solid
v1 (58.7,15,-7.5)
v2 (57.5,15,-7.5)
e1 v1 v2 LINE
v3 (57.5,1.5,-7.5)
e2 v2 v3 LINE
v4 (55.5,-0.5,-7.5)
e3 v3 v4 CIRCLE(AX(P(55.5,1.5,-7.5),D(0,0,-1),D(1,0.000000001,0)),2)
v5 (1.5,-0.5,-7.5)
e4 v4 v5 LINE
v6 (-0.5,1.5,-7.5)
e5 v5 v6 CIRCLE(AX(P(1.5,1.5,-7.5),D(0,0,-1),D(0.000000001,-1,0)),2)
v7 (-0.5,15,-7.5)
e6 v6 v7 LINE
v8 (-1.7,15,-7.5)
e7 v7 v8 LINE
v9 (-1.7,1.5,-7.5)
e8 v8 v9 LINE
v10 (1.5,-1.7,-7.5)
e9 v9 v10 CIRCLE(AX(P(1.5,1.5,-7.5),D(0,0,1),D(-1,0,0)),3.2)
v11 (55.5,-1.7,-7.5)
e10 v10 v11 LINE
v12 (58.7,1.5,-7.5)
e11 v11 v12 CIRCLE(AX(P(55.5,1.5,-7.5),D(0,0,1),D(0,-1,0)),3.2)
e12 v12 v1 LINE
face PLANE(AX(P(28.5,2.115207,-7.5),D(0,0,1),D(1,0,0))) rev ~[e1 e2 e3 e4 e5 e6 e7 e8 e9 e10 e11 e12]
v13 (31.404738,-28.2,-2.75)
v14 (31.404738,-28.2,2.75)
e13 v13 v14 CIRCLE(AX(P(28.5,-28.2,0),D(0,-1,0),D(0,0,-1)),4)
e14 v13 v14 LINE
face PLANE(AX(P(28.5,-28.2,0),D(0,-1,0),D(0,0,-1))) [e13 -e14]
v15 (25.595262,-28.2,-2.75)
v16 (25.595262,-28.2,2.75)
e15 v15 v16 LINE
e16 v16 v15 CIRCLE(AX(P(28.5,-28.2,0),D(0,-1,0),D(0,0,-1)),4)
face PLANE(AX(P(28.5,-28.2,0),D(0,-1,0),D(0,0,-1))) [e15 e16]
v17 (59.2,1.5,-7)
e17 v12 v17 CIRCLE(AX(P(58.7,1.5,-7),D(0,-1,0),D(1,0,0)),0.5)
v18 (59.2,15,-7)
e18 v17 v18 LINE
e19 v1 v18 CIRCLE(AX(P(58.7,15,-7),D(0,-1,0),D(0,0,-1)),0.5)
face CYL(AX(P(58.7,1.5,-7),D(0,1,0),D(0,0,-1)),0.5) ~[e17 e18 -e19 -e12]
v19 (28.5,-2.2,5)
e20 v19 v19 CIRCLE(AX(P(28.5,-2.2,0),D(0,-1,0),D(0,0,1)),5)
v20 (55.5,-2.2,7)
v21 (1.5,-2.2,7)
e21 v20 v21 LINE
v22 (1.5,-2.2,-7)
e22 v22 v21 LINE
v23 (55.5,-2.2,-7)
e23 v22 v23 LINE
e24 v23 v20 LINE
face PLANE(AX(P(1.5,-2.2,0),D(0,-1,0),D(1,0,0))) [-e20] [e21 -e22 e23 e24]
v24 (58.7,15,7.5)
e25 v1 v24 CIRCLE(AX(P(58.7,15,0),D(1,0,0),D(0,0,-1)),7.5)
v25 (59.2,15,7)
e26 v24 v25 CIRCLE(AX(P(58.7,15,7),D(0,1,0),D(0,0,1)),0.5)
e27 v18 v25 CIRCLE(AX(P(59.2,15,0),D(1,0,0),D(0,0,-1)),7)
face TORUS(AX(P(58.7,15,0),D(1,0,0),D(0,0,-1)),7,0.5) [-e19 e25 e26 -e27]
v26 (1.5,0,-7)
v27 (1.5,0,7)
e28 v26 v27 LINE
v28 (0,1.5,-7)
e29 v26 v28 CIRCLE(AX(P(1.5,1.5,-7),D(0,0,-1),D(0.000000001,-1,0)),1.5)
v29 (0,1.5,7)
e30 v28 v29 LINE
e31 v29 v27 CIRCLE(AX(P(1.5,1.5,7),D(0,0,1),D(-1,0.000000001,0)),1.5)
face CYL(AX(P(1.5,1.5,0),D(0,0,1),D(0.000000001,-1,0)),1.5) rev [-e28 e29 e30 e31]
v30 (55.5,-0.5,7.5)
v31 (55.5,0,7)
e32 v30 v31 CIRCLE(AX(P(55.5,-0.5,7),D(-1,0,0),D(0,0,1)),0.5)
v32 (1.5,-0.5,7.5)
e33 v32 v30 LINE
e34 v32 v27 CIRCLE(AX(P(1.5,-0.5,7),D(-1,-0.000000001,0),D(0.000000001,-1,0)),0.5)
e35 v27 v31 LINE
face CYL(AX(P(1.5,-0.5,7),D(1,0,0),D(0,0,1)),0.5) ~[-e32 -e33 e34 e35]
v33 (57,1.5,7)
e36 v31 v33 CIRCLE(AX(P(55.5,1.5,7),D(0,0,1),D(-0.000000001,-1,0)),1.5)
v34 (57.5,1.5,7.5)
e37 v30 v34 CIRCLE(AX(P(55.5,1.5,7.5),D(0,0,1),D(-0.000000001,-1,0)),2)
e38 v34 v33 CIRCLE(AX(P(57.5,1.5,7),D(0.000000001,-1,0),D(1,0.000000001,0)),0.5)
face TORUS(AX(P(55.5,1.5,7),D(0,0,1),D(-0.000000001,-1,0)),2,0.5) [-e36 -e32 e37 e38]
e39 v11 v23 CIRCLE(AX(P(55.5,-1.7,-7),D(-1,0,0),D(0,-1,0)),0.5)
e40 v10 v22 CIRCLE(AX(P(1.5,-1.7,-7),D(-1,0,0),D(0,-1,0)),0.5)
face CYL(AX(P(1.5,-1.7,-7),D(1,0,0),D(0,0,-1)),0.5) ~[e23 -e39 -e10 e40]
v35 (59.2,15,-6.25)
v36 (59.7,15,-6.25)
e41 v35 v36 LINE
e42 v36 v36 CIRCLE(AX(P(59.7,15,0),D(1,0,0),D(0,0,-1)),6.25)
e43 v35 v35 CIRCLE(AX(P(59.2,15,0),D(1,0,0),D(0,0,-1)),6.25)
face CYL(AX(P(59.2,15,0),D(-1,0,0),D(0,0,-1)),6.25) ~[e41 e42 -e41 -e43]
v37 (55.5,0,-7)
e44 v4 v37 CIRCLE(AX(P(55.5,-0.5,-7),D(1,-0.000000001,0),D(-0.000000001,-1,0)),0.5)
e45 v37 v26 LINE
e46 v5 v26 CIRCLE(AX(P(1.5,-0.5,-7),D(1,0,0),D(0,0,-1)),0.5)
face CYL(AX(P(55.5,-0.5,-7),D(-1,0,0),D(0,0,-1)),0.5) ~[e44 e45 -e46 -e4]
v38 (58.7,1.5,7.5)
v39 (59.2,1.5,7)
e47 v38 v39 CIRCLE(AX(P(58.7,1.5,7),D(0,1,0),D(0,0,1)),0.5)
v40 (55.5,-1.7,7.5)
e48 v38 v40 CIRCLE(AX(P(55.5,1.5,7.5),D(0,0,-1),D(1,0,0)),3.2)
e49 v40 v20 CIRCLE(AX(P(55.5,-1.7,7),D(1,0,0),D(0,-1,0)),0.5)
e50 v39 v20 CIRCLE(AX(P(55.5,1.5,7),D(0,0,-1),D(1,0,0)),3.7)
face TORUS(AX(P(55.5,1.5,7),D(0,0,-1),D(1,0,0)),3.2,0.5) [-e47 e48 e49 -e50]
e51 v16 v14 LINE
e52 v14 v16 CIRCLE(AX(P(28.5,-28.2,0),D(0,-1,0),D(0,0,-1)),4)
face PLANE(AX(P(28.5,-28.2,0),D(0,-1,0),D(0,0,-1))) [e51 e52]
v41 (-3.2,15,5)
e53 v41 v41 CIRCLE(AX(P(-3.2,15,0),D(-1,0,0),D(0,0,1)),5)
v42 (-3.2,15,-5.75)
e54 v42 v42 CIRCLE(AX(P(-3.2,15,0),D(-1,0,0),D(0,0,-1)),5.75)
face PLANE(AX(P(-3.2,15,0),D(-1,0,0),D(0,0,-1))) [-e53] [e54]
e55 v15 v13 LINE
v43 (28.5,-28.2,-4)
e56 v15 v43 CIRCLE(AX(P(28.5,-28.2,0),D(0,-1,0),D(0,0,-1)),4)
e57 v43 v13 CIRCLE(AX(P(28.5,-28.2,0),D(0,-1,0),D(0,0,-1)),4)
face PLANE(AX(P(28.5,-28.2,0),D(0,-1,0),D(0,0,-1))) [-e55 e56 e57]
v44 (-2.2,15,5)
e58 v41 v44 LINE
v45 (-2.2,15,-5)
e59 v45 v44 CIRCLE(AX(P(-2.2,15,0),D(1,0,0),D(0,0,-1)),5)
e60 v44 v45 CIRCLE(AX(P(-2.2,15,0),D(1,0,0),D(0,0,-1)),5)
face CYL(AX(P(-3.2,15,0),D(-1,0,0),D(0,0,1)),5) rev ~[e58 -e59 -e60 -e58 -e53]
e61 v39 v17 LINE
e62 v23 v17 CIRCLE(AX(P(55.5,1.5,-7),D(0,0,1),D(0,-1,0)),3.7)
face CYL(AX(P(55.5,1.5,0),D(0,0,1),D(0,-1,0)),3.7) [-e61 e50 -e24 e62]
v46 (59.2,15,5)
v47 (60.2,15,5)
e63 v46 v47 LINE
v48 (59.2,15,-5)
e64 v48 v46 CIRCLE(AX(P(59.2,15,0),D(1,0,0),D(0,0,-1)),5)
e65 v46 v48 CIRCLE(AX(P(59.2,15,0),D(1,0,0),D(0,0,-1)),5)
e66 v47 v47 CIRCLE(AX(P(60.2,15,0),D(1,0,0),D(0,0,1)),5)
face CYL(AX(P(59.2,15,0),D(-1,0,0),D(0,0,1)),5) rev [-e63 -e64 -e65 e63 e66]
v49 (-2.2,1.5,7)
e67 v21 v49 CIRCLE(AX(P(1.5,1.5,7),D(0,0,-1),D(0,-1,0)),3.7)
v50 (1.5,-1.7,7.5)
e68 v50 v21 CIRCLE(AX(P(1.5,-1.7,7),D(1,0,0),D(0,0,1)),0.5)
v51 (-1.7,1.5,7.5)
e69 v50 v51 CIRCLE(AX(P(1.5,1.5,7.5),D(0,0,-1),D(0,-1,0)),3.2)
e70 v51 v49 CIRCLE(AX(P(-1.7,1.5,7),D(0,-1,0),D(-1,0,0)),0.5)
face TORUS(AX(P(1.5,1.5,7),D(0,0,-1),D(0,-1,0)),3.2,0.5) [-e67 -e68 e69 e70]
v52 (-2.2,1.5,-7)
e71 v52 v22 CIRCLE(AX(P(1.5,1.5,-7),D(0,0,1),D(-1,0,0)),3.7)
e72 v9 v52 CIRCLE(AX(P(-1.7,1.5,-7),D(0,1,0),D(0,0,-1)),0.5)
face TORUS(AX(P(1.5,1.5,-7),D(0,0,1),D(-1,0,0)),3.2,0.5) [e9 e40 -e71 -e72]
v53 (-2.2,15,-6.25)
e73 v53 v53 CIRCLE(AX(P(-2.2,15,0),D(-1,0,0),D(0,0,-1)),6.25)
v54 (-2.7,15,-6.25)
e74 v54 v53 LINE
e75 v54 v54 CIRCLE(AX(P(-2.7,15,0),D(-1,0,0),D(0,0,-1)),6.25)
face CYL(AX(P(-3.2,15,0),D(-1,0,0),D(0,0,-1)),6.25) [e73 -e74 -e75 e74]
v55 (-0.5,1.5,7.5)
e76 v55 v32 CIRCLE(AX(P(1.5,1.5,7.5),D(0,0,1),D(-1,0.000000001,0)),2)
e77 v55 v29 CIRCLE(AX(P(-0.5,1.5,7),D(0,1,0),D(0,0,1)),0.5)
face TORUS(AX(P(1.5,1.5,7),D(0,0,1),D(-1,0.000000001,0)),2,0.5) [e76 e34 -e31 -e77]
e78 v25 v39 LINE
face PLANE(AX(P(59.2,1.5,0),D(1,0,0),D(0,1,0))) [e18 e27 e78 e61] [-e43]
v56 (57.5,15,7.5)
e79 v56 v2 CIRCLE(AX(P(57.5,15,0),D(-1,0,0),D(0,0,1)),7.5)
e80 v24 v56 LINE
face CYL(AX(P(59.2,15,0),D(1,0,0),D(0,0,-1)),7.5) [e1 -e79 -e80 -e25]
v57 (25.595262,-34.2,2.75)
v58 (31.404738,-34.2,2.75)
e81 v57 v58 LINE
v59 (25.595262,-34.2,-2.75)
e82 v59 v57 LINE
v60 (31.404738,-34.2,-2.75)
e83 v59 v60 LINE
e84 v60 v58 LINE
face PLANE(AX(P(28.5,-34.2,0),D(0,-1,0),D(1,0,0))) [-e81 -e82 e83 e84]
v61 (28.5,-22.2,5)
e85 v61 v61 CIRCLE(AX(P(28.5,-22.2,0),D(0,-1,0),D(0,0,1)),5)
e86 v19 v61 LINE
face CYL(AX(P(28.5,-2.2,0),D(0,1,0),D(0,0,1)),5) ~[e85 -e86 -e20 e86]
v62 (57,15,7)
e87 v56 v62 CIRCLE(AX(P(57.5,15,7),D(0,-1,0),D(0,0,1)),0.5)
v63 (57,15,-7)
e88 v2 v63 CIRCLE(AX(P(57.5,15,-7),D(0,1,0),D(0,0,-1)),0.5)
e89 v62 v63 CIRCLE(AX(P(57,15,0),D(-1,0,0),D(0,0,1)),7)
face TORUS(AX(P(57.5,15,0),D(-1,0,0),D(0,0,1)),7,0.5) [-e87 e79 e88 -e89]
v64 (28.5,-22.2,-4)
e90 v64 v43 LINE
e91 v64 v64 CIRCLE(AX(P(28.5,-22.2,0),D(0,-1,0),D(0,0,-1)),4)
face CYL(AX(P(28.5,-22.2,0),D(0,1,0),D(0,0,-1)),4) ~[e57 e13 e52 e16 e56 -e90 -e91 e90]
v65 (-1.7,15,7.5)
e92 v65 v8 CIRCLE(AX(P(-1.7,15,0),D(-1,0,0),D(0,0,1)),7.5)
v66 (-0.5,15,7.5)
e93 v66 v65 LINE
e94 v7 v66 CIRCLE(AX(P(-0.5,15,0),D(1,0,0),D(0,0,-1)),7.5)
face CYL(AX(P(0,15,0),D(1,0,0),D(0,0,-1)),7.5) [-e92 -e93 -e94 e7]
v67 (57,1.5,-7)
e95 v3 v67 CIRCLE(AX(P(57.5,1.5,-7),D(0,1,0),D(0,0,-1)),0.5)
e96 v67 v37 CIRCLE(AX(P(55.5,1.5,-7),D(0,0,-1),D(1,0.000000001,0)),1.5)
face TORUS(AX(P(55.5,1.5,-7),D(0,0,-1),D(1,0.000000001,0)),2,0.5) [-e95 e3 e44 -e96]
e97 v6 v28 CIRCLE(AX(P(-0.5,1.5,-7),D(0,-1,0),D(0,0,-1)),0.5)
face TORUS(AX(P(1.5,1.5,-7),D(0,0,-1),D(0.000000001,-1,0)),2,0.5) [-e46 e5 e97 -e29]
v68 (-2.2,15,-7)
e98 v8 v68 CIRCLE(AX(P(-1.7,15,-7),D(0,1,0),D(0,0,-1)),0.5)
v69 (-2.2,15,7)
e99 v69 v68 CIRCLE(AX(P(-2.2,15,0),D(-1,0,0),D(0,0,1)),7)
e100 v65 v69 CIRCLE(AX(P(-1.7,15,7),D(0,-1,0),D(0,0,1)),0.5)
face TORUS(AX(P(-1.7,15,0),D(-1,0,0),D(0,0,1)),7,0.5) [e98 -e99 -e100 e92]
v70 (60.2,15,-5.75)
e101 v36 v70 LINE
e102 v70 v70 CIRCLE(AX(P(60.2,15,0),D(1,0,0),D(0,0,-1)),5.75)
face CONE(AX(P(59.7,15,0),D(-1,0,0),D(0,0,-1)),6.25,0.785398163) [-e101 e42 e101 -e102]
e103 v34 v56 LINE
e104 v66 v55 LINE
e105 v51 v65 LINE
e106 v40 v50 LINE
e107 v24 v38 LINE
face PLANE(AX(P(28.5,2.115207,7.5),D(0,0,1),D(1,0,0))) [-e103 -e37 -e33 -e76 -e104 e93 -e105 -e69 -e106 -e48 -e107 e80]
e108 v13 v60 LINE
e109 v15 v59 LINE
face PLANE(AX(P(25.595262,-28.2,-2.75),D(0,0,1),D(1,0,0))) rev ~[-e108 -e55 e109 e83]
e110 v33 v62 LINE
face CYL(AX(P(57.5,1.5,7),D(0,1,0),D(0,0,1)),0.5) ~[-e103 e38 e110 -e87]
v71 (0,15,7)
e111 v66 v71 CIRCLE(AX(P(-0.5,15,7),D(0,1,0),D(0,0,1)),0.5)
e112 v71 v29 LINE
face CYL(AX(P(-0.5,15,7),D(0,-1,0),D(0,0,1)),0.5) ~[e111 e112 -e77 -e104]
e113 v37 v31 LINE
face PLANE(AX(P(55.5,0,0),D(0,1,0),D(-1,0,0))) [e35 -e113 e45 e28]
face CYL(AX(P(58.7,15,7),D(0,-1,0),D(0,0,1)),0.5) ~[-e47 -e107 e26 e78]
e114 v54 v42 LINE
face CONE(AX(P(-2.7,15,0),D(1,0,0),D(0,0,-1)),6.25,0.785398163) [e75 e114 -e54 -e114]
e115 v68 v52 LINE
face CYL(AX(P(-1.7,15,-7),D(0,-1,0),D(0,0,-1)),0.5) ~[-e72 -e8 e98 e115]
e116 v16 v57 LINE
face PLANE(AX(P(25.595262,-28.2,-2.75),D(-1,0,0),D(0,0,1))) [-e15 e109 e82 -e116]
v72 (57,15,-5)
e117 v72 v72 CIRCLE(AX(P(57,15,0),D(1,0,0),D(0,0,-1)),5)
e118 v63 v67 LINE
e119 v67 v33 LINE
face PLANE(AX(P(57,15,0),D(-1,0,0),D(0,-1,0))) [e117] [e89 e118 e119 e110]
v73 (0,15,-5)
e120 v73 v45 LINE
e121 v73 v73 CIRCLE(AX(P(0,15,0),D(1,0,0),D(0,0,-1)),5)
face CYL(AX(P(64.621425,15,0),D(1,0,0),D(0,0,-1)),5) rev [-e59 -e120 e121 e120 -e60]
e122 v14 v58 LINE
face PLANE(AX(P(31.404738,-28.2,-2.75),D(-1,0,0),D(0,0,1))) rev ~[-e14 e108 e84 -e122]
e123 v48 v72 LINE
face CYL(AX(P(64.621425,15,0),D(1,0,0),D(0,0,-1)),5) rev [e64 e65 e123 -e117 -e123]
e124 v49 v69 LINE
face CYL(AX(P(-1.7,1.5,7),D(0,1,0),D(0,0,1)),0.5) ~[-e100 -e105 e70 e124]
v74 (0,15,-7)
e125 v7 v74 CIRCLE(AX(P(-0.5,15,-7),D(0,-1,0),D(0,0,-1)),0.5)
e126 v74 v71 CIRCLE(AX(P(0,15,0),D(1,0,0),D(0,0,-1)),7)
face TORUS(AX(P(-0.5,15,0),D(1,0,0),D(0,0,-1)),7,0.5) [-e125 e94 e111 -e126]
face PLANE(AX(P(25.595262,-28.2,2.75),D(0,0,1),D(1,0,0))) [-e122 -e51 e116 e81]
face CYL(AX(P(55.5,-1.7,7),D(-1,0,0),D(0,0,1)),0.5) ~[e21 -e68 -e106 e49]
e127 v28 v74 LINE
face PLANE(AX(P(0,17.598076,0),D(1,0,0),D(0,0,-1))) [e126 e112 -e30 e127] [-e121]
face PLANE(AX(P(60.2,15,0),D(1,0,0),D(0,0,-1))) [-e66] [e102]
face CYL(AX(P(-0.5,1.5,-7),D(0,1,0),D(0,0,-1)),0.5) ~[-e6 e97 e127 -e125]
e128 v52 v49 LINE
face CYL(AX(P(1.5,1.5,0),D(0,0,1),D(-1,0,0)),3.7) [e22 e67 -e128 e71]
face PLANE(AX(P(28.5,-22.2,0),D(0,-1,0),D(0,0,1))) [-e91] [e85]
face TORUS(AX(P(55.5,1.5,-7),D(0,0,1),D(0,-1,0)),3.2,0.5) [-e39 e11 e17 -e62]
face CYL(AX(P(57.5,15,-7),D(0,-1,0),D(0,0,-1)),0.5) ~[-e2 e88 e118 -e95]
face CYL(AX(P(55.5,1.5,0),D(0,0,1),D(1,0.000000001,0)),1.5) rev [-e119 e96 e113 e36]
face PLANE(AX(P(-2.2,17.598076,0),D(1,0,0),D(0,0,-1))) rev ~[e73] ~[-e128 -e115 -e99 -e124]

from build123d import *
from build123d.topology import SkipClean

# Parameters (mm, degrees)
EXTRUDE_THIN1_DEPTH     = 7.5
BOSS_EXTRUDE4_DEPTH     = 2.2
BOSS_EXTRUDE5_START     = -2.2
BOSS_EXTRUDE5_DEPTH     = 2.2
CUT_EXTRUDE1_DEPTH      = 66.821425083
CUT_EXTRUDE1_DEPTH_BACK = 66.821425083
SKETCH4_R               = 5
SKETCH5_R               = 5
BOSS_EXTRUDE6_DEPTH     = 20
SKETCH6_R               = 4
BOSS_EXTRUDE7_DEPTH     = 6
SKETCH7_W               = 5.80947502
SKETCH7_H               = 5.5
BOSS_EXTRUDE8_DEPTH     = 6
BOSS_EXTRUDE11_START    = 1
SKETCH8_R               = 6.25
SKETCH8_R_2             = 5
BOSS_EXTRUDE11_DEPTH    = 1
SKETCH9_R               = 6.25
SKETCH9_R_2             = 5
BOSS_EXTRUDE12_DEPTH    = 1
CHAMFER2_SIZE           = 0.5
CHAMFER3_SIZE           = 0.5
FILLET1_R               = 0.5


with BuildPart() as part:
    # Sketch1 → Extrude-Thin1 (new, symmetric)
    with BuildSketch(Plane.XY):
        with BuildLine():
            Line((57, 15), (57, 1.5))
            ThreePointArc((57, 1.5), (56.560660172, 0.439339828), (55.5, 0))
            Line((55.5, 0), (1.5, 0))
            ThreePointArc((1.5, 0), (0.439339828, 0.439339828), (0, 1.5))
            Line((0, 1.5), (0, 15))
            Line((0, 15), (-2.2, 15))
            Line((-2.2, 15), (-2.2, 1.5))
            ThreePointArc((-2.2, 1.5), (-1.11629509, -1.11629509), (1.5, -2.2))
            Line((1.5, -2.2), (55.5, -2.2))
            ThreePointArc((55.5, -2.2), (58.11629509, -1.11629509), (59.2, 1.5))
            Line((59.2, 1.5), (59.2, 15))
            Line((59.2, 15), (57, 15))
        make_face()
    extrude(amount=EXTRUDE_THIN1_DEPTH, both=True)

    # Sketch2 → Boss-Extrude4 (add)
    with BuildSketch(Plane(origin=(59.2, 0, 0), x_dir=(0, 0, -1), z_dir=(1, 0, 0))):
        with BuildLine():
            Line((7.5, 1.5), (7.5, 15))
            ThreePointArc((7.5, 15), (0, 22.5), (-7.5, 15))
            Line((-7.5, 15), (-7.5, 1.5))
            Line((-7.5, 1.5), (7.5, 1.5))
        make_face()
    extrude(amount=-BOSS_EXTRUDE4_DEPTH)

    # Sketch3 → Boss-Extrude5 (add)
    with BuildSketch(Plane.ZY.offset(2.2).offset(BOSS_EXTRUDE5_START)):
        with BuildLine():
            Line((7.5, 15), (-7.5, 15))
            ThreePointArc((-7.5, 15), (0, 22.5), (7.5, 15))
        make_face()
    extrude(amount=BOSS_EXTRUDE5_DEPTH)

    # Sketch4 → Cut-Extrude1 (cut, two sides: drawn at the far end of the back side and taken through both)
    with BuildSketch(Plane.ZY.offset(2.2).offset(-CUT_EXTRUDE1_DEPTH_BACK)):
        with Locations(Location((0, 15, 0), (0, 0, 180))):
            Circle(SKETCH4_R)
    extrude(amount=CUT_EXTRUDE1_DEPTH + CUT_EXTRUDE1_DEPTH_BACK, mode=Mode.SUBTRACT)

    # Sketch5 → Boss-Extrude6 (add)
    with BuildSketch(Plane.XZ.offset(2.2)):
        with Locations(Location((28.5, 0, 0), (0, 0, 90))):
            Circle(SKETCH5_R)
    extrude(amount=BOSS_EXTRUDE6_DEPTH)

    # Sketch6 → Boss-Extrude7 (add)
    with BuildSketch(Plane.XZ.offset(22.2)):
        with Locations(Location((28.5, 0, 0), (0, 0, 270))):
            Circle(SKETCH6_R)
    extrude(amount=BOSS_EXTRUDE7_DEPTH)

    # Sketch7 → Boss-Extrude8 (add)
    with BuildSketch(Plane.XZ.offset(28.2)):
        with Locations((28.5, 0)):
            Rectangle(SKETCH7_W, SKETCH7_H)
    extrude(amount=BOSS_EXTRUDE8_DEPTH)

    # Sketch8 → Boss-Extrude11 (add)
    with BuildSketch(Plane.ZY.offset(2.2).offset(BOSS_EXTRUDE11_START)):
        with Locations(Location((0, 15, 0), (0, 0, 180))):
            Circle(SKETCH8_R)
        with Locations((0, 15)):
            Circle(SKETCH8_R_2, mode=Mode.SUBTRACT)
    extrude(amount=-BOSS_EXTRUDE11_DEPTH)

    # Sketch9 → Boss-Extrude12 (add)
    with SkipClean():  # the faces are left unmerged after this step: merging them gives an invalid solid
        with BuildSketch(Plane(origin=(59.2, 0, 0), x_dir=(0, 0, -1), z_dir=(1, 0, 0))):
            with Locations((0, 15)):
                Circle(SKETCH9_R)
            with Locations(Location((0, 15, 0), (0, 0, 180))):
                Circle(SKETCH9_R_2, mode=Mode.SUBTRACT)
        extrude(amount=BOSS_EXTRUDE12_DEPTH)

    # Chamfer2
    chamfer2_edges = [part.edges().sort_by_distance(p)[0] for p in [
        (60.2, 15, 6.25),
    ]]
    chamfer(chamfer2_edges, length=CHAMFER2_SIZE)

    # Chamfer3
    chamfer3_edges = [part.edges().sort_by_distance(p)[0] for p in [
        (-3.2, 15, 6.25),
    ]]
    chamfer(chamfer3_edges, length=CHAMFER3_SIZE)

    # Fillet1
    fillet1_edges = [part.edges().sort_by_distance(p)[0] for p in [
        (58.11629509, -1.11629509, -7.5),
        (28.5, -2.2, -7.5),
        (-1.11629509, -1.11629509, -7.5),
        (-2.2, 8.25, -7.5),
        (0, 8.25, -7.5),
        (0.439339828, 0.439339828, -7.5),
        (28.5, 0, -7.5),
        (57, 8.25, 7.5),
        (56.560660172, 0.439339828, -7.5),
        (57, 8.25, -7.5),
        (59.2, 8.25, -7.5),
        (56.560660172, 0.439339828, 7.5),
        (28.5, 0, 7.5),
        (0.439339828, 0.439339828, 7.5),
        (0, 8.25, 7.5),
        (57, 22.5, 0),
        (59.2, 22.5, 0),
        (-2.2, 8.25, 7.5),
        (-1.11629509, -1.11629509, 7.5),
        (28.5, -2.2, 7.5),
        (0, 22.5, 0),
        (-2.2, 22.5, 0),
        (58.11629509, -1.11629509, 7.5),
        (59.2, 8.25, 7.5),
    ]]
    fillet(fillet1_edges, radius=FILLET1_R)


solid = part.part
